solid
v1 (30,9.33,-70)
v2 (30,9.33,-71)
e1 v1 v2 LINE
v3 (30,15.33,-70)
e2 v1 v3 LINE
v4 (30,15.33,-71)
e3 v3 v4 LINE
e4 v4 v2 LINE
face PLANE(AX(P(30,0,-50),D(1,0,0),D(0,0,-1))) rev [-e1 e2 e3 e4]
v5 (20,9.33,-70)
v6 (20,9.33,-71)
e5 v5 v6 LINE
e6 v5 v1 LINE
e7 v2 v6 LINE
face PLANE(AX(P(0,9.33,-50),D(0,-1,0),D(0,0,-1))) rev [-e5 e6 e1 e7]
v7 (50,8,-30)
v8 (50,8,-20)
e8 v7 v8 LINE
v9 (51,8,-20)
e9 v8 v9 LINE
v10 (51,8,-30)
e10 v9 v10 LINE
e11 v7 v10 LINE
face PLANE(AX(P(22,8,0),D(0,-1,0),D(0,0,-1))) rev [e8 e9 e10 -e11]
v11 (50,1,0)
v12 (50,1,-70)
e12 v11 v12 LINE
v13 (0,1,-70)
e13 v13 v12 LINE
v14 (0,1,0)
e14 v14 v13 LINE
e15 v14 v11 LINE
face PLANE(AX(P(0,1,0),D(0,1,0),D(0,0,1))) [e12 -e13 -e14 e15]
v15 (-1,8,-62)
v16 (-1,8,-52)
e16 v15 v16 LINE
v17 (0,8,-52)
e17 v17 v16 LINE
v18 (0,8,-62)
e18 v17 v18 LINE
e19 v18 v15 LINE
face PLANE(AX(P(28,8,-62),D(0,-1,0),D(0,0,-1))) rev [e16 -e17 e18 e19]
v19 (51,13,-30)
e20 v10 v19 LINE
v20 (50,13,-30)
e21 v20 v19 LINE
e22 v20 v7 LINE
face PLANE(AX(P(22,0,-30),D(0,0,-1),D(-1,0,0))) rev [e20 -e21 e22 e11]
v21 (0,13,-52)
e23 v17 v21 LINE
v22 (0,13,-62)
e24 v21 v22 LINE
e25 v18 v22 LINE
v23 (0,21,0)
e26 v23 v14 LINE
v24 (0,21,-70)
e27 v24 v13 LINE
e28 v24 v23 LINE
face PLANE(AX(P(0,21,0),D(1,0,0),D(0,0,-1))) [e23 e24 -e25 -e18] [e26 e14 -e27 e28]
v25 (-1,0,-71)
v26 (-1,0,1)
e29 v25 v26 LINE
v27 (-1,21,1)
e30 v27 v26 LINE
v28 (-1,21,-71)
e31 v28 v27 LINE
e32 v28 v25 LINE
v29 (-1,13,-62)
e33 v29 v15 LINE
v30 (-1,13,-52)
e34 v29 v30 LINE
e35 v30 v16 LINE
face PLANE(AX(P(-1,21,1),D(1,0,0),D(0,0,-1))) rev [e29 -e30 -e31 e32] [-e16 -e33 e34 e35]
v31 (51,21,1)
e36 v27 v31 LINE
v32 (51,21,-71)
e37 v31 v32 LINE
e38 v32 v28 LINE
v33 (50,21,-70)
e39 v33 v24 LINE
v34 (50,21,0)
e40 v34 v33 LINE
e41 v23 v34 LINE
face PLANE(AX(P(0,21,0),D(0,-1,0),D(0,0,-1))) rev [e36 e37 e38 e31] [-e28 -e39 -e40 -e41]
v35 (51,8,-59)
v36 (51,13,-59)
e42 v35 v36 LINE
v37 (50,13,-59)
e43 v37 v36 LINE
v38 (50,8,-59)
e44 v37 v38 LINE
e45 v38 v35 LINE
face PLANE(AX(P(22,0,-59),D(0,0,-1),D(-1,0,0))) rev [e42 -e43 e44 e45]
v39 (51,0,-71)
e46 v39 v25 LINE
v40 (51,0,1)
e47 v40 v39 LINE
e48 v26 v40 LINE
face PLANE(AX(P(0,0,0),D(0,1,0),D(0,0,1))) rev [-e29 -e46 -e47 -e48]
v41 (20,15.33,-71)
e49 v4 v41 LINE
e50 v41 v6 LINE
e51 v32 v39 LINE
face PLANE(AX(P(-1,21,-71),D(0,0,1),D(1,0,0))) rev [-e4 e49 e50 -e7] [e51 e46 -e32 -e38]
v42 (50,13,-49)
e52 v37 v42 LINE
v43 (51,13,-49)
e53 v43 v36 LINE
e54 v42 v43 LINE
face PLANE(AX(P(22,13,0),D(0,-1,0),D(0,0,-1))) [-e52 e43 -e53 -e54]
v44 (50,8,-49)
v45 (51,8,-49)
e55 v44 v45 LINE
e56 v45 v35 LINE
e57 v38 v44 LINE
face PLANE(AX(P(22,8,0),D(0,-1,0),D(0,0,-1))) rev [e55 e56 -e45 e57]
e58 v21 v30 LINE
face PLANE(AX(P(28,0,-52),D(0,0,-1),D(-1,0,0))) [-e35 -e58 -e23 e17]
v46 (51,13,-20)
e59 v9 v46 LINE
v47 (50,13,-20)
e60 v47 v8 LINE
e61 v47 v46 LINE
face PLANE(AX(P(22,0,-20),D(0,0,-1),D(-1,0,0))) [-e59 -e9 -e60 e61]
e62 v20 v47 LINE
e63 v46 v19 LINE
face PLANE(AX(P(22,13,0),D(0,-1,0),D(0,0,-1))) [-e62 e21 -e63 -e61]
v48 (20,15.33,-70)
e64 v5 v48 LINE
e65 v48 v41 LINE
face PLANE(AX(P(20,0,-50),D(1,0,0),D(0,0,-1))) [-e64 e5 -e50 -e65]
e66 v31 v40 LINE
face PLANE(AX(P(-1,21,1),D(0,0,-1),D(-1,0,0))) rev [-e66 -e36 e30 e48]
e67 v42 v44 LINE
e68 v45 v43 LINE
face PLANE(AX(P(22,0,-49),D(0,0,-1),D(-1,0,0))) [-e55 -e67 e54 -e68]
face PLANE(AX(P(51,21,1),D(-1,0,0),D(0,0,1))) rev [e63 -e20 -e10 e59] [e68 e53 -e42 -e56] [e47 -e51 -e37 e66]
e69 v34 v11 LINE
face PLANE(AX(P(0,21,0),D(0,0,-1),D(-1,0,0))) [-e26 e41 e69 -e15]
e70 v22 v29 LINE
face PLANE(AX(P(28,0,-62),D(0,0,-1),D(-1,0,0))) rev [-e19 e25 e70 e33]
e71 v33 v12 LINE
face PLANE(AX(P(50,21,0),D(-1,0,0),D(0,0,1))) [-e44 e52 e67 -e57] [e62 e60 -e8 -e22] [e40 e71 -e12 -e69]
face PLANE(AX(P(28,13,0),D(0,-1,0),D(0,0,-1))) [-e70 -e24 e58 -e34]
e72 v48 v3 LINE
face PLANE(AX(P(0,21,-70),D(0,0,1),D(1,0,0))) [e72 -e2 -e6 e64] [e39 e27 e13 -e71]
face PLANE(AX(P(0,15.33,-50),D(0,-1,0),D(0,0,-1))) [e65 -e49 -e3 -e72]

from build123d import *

# Parameters (mm, degrees)
CROQUIS1_W              = 50
CROQUIS1_H              = 70
SALIENTE_EXTRUIR1_DEPTH = 1
CROQUIS1_3_W            = 52
CROQUIS1_3_H            = 72
CROQUIS1_3_W_2          = 50
CROQUIS1_3_H_2          = 70
SALIENTE_EXTRUIR2_DEPTH = 21
CROQUIS3_W              = 10
CROQUIS3_H              = 6
CORTAR_EXTRUIR1_DEPTH   = 21
CROQUIS4_W              = 10
CROQUIS4_H              = 5
CORTAR_EXTRUIR3_DEPTH   = 29
CROQUIS5_W              = 10
CROQUIS5_H              = 5
CORTAR_EXTRUIR4_DEPTH   = 29


with BuildPart() as part:
    # Croquis1 → Saliente-Extruir1 (new body)
    with BuildSketch(Plane(origin=(0, 0, 0), x_dir=(1, 0, 0), z_dir=(0, 1, 0))):
        with Locations((25, 35)):
            Rectangle(CROQUIS1_W, CROQUIS1_H)
    extrude(amount=SALIENTE_EXTRUIR1_DEPTH)

    # Croquis1<3> → Saliente-Extruir2 (add)
    with BuildSketch(Plane(origin=(0, 0, 0), x_dir=(1, 0, 0), z_dir=(0, 1, 0))):
        with Locations((25, 35)):
            Rectangle(CROQUIS1_3_W, CROQUIS1_3_H)
        with Locations((25, 35)):
            Rectangle(CROQUIS1_3_W_2, CROQUIS1_3_H_2, mode=Mode.SUBTRACT)
    extrude(amount=SALIENTE_EXTRUIR2_DEPTH)

    # Croquis3 → Cortar-Extruir1 (cut)
    with BuildSketch(Plane(origin=(0, 0, -71), x_dir=(-1, 0, 0), z_dir=(0, 0, -1))):
        with Locations((-25, 12.33)):
            Rectangle(CROQUIS3_W, CROQUIS3_H)
    extrude(amount=-CORTAR_EXTRUIR1_DEPTH, mode=Mode.SUBTRACT)

    # Croquis4 → Cortar-Extruir3 (cut)
    with BuildSketch(Plane(origin=(51, 0, 0), x_dir=(0, 0, -1), z_dir=(1, 0, 0))):
        with Locations((25, 10.5)):
            Rectangle(CROQUIS4_W, CROQUIS4_H)
        with Locations((54, 10.5)):
            Rectangle(CROQUIS4_W, CROQUIS4_H)
    extrude(amount=-CORTAR_EXTRUIR3_DEPTH, mode=Mode.SUBTRACT)

    # Croquis5 → Cortar-Extruir4 (cut)
    with BuildSketch(Plane.ZY.offset(1)):
        with Locations((-57, 10.5)):
            Rectangle(CROQUIS5_W, CROQUIS5_H)
    extrude(amount=-CORTAR_EXTRUIR4_DEPTH, mode=Mode.SUBTRACT)


solid = part.part
